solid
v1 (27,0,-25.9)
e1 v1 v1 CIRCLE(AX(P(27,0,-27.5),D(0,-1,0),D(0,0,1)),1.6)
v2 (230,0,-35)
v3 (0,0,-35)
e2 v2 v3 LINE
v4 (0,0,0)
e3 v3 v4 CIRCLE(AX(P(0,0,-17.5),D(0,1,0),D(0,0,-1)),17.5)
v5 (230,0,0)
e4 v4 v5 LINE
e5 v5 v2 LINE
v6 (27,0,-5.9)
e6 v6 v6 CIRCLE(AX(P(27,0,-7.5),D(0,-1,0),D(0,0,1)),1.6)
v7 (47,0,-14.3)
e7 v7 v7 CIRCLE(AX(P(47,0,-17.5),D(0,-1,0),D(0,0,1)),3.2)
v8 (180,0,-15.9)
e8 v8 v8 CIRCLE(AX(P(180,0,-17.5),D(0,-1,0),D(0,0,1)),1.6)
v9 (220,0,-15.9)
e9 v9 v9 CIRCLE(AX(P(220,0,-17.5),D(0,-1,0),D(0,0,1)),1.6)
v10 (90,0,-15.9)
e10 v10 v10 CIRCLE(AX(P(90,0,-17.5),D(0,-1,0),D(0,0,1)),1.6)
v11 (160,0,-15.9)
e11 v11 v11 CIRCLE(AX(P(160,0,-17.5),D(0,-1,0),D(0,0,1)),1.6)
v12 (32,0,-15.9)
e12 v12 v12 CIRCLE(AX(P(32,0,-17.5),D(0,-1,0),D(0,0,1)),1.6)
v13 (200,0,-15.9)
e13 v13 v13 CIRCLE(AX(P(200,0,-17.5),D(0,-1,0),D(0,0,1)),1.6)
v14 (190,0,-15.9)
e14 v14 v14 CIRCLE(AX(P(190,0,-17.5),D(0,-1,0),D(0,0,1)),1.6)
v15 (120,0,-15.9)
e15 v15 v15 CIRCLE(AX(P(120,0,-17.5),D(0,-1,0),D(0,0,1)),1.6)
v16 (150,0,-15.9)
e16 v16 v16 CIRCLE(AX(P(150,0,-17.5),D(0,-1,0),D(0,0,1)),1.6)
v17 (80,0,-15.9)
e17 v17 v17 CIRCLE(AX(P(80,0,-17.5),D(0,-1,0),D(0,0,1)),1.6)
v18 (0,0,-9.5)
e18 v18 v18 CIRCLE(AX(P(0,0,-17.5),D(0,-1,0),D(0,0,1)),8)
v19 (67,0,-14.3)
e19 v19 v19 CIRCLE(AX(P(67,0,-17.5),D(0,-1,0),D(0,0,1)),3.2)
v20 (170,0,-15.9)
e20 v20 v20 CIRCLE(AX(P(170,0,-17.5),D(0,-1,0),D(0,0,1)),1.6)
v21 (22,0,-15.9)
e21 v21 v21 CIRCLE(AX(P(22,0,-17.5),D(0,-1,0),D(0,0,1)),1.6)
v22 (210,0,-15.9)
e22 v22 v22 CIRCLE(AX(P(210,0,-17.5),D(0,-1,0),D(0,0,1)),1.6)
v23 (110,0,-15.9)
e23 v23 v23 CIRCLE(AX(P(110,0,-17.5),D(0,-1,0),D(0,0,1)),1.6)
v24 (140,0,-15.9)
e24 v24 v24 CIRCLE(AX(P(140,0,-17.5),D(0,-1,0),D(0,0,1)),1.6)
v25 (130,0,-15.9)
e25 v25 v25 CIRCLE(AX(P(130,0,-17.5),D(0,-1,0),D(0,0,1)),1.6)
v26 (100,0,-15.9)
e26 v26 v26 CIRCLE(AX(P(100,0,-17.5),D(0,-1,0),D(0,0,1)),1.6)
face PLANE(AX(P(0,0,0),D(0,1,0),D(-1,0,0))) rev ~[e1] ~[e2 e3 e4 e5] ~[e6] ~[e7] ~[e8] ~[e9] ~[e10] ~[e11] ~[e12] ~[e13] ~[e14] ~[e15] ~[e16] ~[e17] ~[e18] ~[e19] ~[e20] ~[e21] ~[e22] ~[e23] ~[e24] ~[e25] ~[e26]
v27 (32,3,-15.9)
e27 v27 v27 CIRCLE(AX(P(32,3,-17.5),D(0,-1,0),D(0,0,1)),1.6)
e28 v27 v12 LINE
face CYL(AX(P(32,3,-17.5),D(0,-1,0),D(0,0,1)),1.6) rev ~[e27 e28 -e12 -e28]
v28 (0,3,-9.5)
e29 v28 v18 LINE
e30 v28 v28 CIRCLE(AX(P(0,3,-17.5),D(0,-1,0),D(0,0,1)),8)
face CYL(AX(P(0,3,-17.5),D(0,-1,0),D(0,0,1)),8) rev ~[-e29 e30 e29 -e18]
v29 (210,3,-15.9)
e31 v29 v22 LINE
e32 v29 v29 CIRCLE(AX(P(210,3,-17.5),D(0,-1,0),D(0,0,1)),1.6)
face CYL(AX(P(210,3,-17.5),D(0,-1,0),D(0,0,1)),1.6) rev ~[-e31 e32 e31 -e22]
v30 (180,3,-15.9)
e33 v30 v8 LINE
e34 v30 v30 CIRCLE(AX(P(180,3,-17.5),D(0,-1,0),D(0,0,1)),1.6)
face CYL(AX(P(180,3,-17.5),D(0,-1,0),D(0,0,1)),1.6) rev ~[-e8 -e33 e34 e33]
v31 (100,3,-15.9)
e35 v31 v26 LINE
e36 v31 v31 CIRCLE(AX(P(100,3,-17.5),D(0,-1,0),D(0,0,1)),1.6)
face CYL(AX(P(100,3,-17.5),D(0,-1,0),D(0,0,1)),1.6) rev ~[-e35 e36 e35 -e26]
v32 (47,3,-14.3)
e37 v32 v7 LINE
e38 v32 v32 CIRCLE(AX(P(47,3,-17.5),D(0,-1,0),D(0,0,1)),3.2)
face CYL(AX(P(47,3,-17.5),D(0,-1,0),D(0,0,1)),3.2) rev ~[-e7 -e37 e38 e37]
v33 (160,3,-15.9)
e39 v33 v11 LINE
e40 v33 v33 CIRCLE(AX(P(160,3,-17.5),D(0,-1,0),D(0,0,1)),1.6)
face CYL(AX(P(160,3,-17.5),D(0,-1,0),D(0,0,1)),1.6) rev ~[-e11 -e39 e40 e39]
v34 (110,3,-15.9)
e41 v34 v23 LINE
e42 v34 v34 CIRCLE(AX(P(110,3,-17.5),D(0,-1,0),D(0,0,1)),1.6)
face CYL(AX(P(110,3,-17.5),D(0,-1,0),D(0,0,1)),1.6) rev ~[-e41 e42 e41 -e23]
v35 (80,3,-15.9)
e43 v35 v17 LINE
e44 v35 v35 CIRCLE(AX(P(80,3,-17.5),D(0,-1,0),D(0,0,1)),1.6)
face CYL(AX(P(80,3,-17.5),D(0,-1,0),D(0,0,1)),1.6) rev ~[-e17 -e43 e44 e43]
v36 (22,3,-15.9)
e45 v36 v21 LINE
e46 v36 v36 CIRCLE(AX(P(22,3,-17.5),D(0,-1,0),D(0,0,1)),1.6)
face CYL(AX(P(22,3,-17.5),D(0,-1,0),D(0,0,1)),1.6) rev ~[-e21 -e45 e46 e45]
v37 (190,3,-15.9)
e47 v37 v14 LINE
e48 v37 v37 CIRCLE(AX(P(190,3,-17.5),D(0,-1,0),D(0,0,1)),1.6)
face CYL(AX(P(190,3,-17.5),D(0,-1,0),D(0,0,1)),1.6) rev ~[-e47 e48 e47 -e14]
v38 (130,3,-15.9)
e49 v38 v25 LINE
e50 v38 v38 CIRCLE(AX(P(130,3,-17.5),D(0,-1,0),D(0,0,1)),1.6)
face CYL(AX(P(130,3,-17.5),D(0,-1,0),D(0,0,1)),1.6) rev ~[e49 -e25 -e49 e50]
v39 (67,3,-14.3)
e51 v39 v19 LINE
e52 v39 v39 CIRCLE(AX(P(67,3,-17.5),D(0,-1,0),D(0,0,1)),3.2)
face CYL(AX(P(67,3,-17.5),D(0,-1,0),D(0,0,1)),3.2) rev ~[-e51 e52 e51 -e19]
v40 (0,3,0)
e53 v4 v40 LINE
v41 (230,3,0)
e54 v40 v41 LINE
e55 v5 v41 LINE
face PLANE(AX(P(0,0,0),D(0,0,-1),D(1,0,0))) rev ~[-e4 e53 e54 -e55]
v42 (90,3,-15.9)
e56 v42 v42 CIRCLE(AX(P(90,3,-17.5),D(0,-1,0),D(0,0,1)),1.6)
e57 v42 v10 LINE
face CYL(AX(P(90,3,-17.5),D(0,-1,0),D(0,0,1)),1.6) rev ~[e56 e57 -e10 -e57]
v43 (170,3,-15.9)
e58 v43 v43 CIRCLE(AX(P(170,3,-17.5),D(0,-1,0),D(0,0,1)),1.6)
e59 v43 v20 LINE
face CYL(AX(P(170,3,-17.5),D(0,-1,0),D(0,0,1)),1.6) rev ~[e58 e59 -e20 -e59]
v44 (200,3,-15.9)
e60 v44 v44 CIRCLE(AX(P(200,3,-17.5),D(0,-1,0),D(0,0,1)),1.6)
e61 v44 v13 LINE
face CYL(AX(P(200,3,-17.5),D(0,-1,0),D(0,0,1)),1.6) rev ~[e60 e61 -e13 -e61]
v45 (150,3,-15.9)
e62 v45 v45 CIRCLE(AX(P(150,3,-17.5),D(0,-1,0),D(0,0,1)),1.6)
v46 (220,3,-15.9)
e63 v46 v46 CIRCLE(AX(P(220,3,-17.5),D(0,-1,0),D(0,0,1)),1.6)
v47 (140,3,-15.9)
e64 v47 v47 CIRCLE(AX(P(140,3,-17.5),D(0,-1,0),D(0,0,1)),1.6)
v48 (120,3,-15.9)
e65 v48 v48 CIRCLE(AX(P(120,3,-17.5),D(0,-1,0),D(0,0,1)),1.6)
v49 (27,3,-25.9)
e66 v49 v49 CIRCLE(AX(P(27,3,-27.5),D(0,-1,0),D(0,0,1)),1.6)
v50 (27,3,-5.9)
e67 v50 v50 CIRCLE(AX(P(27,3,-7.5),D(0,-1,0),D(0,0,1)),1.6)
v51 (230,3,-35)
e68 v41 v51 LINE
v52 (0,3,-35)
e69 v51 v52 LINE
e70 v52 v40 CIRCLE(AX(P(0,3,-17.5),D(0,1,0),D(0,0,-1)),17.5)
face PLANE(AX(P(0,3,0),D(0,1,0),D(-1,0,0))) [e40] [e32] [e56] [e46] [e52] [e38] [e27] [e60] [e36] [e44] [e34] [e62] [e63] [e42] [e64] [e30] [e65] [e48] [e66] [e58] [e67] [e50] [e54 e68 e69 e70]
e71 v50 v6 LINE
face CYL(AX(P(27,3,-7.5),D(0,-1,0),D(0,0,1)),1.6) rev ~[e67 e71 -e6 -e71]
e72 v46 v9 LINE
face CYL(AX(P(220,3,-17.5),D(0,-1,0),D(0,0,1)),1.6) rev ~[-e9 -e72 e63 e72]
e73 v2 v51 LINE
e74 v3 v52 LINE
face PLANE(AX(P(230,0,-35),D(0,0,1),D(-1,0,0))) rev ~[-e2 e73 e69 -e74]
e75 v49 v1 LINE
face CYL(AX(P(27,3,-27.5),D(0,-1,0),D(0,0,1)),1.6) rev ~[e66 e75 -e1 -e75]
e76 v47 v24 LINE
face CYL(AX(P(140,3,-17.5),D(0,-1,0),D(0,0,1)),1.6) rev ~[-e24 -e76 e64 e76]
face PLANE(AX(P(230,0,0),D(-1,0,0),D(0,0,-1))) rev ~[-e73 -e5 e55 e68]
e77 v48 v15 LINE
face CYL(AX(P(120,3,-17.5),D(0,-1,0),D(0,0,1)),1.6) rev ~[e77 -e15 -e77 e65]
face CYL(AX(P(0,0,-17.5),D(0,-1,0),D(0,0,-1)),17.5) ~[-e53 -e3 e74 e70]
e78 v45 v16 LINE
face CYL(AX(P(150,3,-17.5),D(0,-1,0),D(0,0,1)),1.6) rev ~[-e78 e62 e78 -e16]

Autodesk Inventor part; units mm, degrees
ref_plane "YZ Plane" through (0, 0, 0) normal (1, 0, 0) x (0, 1, 0)
ref_plane "XZ Plane" through (0, 0, 0) normal (0, 1, 0) x (-1, 0, 0)
ref_plane "XY Plane" through (0, 0, 0) normal (0, 0, 1) x (1, 0, 0)
sketch "スケッチ1" plane through (0, 0, 0) normal (0, 1, 0) x (-1, 0, 0)
  line L0 (0, 0) -> (-230, 0)
  line L1 (-230, 0) -> (-230, -35)
  line L2 (-230, -35) -> (0, -35)
  line L3 (0, -35) -> (0, 0)
  arc A0 (0, -35) -> (0, 0) centre (0, -17.5) ccw
  dimension "d0" = 230
  dimension "d1" = 35
  dimension "d2" = 17.5
extrude "押し出し1" add sketch "スケッチ1" along normal blind 3
sketch "スケッチ2" plane through (0, 3, 0) normal (0, 1, 0) x (1, 0, 0)
  line L0 (0, 17.5) -> (238.6526, 17.5)
  line L1 (0, 0) -> (230, 0) projected
  arc A0 (0, 35) -> (0, 0) centre (0, 17.5) ccw projected
  point P0 (90, 17.5)
  point P1 (100, 17.5)
  point P2 (110, 17.5)
  point P3 (120, 17.5)
  point P4 (130, 17.5)
  point P5 (140, 17.5)
  point P6 (150, 17.5)
  point P7 (160, 17.5)
  point P8 (170, 17.5)
  point P9 (180, 17.5)
  point P10 (190, 17.5)
  point P11 (200, 17.5)
  point P12 (210, 17.5)
  point P13 (-17.5, 17.5)
  point P14 (220, 17.5)
  point P15 (80, 17.5)
  dimension "d5" = 17.5
  dimension "d13" = 10
  dimension "d14" = 10
  dimension "d15" = 10
  dimension "d16" = 10
  dimension "d17" = 10
  dimension "d18" = 10
  dimension "d19" = 10
  dimension "d20" = 10
  dimension "d21" = 10
  dimension "d22" = 10
  dimension "d23" = 10
  dimension "d24" = 10
  dimension "d35" = 17.5
  dimension "d67" = 10
  dimension "d78" = 10
  dimension "d96" = 80
hole "穴1" at (90, 3, -17.5) at (100, 3, -17.5) at (110, 3, -17.5) at (120, 3, -17.5) at (130, 3, -17.5) at (140, 3, -17.5) at (150, 3, -17.5) at (160, 3, -17.5) at (170, 3, -17.5) at (180, 3, -17.5) at (190, 3, -17.5) at (200, 3, -17.5) at (210, 3, -17.5) at (220, 3, -17.5) at (80, 3, -17.5) direction (0, -1, 0) diameter 3.2 end through all
sketch "スケッチ3" plane through (0, 3, 0) normal (0, 1, 0) x (1, 0, 0)
  line L0 (230, 35) -> (0, 35) projected
  point P0 (0, 0)
  point P1 (0, 17.5)
  dimension "d36" = 17.5
hole "穴2" at (0, 3, -17.5) direction (0, -1, 0) diameter 16 end through all
sketch "スケッチ4" plane through (0, 3, 0) normal (0, 1, 0) x (1, 0, 0)
  circle A0 centre (0, 17.5) radius 6
  circle A1 centre (0, 17.5) radius 8 projected
  line L0 (-0.1439, 17.5) -> (-6.5454, 17.5)
  line L1 (-6.5454, 17.5) -> (7.5104, 17.5)
  point P0 (0, 0)
  point P1 (0, 11.5)
  point P2 (6, 17.5)
  point P3 (0, 23.5)
  point P4 (-6, 17.5)
  dimension "d44" = 12
  dimension "d45" = 0
hole "穴3" [suppressed]
sketch "スケッチ5" plane through (0, 3, 0) normal (0, 1, 0) x (1, 0, 0)
  circle A0 centre (0, 17.5) radius 8 projected
  point P0 (0, 0)
  point P1 (15.8, 7)
  point P2 (15.8, 28)
  point P3 (24.9999, 17.5)
  dimension "d53" = 10.5
  dimension "d55" = 15.8
  dimension "d56" = 15.8
  dimension "d83" = 10.5
hole "穴4" [suppressed]
sketch "スケッチ6" plane through (0, 3, 0) normal (0, 1, 0) x (1, 0, 0)
  circle A0 centre (0, 17.5) radius 8 construction
  line L0 (0, 17.5) -> (230, 17.5) construction
  line L1 (230, 0) -> (230, 35) construction
  point P0 (0, 0)
  point P1 (67, 17.5)
  point P2 (47, 17.5)
  dimension "d69" = 47
  dimension "d70" = 20
hole "穴5" at (67, 3, -17.5) at (47, 3, -17.5) direction (0, -1, 0) diameter 6.4 end through all
sketch "スケッチ7" plane through (0, 3, 0) normal (0, 1, 0) x (1, 0, 0)
  circle A0 centre (0, 17.5) radius 8 construction
  circle A1 centre (0, 17.5) radius 12.5 construction
  point P0 (0, 0)
  point P1 (0, 5)
  point P2 (12.5, 17.5)
  point P3 (0, 30)
  point P4 (-12.5, 17.5)
  dimension "d84" = 25
  dimension "d87" = 360
hole "穴6" [suppressed]
sketch "スケッチ8" plane through (0, 3, 0) normal (0, 1, 0) x (1, 0, 0)
  line L0 (230, 0) -> (230, 35) construction
  line L1 (230, 17.5) -> (-17.5, 17.5) construction
  arc A0 (0, 35) -> (0, 0) centre (0, 17.5) ccw construction
  circle A1 centre (47, 17.5) radius 3.2 construction
  line L2 (27, 0) -> (27, 35) construction
  point P0 (32, 17.5)
  point P1 (22, 17.5)
  point P2 (27, 7.5)
  point P3 (27, 27.5)
  dimension "d97" = 15
  dimension "d98" = 10
  dimension "d106" = 5
  dimension "d107" = 10
  dimension "d108" = 10
hole "穴7" at (32, 3, -17.5) at (22, 3, -17.5) at (27, 3, -7.5) at (27, 3, -27.5) direction (0, -1, 0) diameter 3.2 end through all
properties part number "shoulder2_lower_right_plate" material "アルミニウム 5052"
